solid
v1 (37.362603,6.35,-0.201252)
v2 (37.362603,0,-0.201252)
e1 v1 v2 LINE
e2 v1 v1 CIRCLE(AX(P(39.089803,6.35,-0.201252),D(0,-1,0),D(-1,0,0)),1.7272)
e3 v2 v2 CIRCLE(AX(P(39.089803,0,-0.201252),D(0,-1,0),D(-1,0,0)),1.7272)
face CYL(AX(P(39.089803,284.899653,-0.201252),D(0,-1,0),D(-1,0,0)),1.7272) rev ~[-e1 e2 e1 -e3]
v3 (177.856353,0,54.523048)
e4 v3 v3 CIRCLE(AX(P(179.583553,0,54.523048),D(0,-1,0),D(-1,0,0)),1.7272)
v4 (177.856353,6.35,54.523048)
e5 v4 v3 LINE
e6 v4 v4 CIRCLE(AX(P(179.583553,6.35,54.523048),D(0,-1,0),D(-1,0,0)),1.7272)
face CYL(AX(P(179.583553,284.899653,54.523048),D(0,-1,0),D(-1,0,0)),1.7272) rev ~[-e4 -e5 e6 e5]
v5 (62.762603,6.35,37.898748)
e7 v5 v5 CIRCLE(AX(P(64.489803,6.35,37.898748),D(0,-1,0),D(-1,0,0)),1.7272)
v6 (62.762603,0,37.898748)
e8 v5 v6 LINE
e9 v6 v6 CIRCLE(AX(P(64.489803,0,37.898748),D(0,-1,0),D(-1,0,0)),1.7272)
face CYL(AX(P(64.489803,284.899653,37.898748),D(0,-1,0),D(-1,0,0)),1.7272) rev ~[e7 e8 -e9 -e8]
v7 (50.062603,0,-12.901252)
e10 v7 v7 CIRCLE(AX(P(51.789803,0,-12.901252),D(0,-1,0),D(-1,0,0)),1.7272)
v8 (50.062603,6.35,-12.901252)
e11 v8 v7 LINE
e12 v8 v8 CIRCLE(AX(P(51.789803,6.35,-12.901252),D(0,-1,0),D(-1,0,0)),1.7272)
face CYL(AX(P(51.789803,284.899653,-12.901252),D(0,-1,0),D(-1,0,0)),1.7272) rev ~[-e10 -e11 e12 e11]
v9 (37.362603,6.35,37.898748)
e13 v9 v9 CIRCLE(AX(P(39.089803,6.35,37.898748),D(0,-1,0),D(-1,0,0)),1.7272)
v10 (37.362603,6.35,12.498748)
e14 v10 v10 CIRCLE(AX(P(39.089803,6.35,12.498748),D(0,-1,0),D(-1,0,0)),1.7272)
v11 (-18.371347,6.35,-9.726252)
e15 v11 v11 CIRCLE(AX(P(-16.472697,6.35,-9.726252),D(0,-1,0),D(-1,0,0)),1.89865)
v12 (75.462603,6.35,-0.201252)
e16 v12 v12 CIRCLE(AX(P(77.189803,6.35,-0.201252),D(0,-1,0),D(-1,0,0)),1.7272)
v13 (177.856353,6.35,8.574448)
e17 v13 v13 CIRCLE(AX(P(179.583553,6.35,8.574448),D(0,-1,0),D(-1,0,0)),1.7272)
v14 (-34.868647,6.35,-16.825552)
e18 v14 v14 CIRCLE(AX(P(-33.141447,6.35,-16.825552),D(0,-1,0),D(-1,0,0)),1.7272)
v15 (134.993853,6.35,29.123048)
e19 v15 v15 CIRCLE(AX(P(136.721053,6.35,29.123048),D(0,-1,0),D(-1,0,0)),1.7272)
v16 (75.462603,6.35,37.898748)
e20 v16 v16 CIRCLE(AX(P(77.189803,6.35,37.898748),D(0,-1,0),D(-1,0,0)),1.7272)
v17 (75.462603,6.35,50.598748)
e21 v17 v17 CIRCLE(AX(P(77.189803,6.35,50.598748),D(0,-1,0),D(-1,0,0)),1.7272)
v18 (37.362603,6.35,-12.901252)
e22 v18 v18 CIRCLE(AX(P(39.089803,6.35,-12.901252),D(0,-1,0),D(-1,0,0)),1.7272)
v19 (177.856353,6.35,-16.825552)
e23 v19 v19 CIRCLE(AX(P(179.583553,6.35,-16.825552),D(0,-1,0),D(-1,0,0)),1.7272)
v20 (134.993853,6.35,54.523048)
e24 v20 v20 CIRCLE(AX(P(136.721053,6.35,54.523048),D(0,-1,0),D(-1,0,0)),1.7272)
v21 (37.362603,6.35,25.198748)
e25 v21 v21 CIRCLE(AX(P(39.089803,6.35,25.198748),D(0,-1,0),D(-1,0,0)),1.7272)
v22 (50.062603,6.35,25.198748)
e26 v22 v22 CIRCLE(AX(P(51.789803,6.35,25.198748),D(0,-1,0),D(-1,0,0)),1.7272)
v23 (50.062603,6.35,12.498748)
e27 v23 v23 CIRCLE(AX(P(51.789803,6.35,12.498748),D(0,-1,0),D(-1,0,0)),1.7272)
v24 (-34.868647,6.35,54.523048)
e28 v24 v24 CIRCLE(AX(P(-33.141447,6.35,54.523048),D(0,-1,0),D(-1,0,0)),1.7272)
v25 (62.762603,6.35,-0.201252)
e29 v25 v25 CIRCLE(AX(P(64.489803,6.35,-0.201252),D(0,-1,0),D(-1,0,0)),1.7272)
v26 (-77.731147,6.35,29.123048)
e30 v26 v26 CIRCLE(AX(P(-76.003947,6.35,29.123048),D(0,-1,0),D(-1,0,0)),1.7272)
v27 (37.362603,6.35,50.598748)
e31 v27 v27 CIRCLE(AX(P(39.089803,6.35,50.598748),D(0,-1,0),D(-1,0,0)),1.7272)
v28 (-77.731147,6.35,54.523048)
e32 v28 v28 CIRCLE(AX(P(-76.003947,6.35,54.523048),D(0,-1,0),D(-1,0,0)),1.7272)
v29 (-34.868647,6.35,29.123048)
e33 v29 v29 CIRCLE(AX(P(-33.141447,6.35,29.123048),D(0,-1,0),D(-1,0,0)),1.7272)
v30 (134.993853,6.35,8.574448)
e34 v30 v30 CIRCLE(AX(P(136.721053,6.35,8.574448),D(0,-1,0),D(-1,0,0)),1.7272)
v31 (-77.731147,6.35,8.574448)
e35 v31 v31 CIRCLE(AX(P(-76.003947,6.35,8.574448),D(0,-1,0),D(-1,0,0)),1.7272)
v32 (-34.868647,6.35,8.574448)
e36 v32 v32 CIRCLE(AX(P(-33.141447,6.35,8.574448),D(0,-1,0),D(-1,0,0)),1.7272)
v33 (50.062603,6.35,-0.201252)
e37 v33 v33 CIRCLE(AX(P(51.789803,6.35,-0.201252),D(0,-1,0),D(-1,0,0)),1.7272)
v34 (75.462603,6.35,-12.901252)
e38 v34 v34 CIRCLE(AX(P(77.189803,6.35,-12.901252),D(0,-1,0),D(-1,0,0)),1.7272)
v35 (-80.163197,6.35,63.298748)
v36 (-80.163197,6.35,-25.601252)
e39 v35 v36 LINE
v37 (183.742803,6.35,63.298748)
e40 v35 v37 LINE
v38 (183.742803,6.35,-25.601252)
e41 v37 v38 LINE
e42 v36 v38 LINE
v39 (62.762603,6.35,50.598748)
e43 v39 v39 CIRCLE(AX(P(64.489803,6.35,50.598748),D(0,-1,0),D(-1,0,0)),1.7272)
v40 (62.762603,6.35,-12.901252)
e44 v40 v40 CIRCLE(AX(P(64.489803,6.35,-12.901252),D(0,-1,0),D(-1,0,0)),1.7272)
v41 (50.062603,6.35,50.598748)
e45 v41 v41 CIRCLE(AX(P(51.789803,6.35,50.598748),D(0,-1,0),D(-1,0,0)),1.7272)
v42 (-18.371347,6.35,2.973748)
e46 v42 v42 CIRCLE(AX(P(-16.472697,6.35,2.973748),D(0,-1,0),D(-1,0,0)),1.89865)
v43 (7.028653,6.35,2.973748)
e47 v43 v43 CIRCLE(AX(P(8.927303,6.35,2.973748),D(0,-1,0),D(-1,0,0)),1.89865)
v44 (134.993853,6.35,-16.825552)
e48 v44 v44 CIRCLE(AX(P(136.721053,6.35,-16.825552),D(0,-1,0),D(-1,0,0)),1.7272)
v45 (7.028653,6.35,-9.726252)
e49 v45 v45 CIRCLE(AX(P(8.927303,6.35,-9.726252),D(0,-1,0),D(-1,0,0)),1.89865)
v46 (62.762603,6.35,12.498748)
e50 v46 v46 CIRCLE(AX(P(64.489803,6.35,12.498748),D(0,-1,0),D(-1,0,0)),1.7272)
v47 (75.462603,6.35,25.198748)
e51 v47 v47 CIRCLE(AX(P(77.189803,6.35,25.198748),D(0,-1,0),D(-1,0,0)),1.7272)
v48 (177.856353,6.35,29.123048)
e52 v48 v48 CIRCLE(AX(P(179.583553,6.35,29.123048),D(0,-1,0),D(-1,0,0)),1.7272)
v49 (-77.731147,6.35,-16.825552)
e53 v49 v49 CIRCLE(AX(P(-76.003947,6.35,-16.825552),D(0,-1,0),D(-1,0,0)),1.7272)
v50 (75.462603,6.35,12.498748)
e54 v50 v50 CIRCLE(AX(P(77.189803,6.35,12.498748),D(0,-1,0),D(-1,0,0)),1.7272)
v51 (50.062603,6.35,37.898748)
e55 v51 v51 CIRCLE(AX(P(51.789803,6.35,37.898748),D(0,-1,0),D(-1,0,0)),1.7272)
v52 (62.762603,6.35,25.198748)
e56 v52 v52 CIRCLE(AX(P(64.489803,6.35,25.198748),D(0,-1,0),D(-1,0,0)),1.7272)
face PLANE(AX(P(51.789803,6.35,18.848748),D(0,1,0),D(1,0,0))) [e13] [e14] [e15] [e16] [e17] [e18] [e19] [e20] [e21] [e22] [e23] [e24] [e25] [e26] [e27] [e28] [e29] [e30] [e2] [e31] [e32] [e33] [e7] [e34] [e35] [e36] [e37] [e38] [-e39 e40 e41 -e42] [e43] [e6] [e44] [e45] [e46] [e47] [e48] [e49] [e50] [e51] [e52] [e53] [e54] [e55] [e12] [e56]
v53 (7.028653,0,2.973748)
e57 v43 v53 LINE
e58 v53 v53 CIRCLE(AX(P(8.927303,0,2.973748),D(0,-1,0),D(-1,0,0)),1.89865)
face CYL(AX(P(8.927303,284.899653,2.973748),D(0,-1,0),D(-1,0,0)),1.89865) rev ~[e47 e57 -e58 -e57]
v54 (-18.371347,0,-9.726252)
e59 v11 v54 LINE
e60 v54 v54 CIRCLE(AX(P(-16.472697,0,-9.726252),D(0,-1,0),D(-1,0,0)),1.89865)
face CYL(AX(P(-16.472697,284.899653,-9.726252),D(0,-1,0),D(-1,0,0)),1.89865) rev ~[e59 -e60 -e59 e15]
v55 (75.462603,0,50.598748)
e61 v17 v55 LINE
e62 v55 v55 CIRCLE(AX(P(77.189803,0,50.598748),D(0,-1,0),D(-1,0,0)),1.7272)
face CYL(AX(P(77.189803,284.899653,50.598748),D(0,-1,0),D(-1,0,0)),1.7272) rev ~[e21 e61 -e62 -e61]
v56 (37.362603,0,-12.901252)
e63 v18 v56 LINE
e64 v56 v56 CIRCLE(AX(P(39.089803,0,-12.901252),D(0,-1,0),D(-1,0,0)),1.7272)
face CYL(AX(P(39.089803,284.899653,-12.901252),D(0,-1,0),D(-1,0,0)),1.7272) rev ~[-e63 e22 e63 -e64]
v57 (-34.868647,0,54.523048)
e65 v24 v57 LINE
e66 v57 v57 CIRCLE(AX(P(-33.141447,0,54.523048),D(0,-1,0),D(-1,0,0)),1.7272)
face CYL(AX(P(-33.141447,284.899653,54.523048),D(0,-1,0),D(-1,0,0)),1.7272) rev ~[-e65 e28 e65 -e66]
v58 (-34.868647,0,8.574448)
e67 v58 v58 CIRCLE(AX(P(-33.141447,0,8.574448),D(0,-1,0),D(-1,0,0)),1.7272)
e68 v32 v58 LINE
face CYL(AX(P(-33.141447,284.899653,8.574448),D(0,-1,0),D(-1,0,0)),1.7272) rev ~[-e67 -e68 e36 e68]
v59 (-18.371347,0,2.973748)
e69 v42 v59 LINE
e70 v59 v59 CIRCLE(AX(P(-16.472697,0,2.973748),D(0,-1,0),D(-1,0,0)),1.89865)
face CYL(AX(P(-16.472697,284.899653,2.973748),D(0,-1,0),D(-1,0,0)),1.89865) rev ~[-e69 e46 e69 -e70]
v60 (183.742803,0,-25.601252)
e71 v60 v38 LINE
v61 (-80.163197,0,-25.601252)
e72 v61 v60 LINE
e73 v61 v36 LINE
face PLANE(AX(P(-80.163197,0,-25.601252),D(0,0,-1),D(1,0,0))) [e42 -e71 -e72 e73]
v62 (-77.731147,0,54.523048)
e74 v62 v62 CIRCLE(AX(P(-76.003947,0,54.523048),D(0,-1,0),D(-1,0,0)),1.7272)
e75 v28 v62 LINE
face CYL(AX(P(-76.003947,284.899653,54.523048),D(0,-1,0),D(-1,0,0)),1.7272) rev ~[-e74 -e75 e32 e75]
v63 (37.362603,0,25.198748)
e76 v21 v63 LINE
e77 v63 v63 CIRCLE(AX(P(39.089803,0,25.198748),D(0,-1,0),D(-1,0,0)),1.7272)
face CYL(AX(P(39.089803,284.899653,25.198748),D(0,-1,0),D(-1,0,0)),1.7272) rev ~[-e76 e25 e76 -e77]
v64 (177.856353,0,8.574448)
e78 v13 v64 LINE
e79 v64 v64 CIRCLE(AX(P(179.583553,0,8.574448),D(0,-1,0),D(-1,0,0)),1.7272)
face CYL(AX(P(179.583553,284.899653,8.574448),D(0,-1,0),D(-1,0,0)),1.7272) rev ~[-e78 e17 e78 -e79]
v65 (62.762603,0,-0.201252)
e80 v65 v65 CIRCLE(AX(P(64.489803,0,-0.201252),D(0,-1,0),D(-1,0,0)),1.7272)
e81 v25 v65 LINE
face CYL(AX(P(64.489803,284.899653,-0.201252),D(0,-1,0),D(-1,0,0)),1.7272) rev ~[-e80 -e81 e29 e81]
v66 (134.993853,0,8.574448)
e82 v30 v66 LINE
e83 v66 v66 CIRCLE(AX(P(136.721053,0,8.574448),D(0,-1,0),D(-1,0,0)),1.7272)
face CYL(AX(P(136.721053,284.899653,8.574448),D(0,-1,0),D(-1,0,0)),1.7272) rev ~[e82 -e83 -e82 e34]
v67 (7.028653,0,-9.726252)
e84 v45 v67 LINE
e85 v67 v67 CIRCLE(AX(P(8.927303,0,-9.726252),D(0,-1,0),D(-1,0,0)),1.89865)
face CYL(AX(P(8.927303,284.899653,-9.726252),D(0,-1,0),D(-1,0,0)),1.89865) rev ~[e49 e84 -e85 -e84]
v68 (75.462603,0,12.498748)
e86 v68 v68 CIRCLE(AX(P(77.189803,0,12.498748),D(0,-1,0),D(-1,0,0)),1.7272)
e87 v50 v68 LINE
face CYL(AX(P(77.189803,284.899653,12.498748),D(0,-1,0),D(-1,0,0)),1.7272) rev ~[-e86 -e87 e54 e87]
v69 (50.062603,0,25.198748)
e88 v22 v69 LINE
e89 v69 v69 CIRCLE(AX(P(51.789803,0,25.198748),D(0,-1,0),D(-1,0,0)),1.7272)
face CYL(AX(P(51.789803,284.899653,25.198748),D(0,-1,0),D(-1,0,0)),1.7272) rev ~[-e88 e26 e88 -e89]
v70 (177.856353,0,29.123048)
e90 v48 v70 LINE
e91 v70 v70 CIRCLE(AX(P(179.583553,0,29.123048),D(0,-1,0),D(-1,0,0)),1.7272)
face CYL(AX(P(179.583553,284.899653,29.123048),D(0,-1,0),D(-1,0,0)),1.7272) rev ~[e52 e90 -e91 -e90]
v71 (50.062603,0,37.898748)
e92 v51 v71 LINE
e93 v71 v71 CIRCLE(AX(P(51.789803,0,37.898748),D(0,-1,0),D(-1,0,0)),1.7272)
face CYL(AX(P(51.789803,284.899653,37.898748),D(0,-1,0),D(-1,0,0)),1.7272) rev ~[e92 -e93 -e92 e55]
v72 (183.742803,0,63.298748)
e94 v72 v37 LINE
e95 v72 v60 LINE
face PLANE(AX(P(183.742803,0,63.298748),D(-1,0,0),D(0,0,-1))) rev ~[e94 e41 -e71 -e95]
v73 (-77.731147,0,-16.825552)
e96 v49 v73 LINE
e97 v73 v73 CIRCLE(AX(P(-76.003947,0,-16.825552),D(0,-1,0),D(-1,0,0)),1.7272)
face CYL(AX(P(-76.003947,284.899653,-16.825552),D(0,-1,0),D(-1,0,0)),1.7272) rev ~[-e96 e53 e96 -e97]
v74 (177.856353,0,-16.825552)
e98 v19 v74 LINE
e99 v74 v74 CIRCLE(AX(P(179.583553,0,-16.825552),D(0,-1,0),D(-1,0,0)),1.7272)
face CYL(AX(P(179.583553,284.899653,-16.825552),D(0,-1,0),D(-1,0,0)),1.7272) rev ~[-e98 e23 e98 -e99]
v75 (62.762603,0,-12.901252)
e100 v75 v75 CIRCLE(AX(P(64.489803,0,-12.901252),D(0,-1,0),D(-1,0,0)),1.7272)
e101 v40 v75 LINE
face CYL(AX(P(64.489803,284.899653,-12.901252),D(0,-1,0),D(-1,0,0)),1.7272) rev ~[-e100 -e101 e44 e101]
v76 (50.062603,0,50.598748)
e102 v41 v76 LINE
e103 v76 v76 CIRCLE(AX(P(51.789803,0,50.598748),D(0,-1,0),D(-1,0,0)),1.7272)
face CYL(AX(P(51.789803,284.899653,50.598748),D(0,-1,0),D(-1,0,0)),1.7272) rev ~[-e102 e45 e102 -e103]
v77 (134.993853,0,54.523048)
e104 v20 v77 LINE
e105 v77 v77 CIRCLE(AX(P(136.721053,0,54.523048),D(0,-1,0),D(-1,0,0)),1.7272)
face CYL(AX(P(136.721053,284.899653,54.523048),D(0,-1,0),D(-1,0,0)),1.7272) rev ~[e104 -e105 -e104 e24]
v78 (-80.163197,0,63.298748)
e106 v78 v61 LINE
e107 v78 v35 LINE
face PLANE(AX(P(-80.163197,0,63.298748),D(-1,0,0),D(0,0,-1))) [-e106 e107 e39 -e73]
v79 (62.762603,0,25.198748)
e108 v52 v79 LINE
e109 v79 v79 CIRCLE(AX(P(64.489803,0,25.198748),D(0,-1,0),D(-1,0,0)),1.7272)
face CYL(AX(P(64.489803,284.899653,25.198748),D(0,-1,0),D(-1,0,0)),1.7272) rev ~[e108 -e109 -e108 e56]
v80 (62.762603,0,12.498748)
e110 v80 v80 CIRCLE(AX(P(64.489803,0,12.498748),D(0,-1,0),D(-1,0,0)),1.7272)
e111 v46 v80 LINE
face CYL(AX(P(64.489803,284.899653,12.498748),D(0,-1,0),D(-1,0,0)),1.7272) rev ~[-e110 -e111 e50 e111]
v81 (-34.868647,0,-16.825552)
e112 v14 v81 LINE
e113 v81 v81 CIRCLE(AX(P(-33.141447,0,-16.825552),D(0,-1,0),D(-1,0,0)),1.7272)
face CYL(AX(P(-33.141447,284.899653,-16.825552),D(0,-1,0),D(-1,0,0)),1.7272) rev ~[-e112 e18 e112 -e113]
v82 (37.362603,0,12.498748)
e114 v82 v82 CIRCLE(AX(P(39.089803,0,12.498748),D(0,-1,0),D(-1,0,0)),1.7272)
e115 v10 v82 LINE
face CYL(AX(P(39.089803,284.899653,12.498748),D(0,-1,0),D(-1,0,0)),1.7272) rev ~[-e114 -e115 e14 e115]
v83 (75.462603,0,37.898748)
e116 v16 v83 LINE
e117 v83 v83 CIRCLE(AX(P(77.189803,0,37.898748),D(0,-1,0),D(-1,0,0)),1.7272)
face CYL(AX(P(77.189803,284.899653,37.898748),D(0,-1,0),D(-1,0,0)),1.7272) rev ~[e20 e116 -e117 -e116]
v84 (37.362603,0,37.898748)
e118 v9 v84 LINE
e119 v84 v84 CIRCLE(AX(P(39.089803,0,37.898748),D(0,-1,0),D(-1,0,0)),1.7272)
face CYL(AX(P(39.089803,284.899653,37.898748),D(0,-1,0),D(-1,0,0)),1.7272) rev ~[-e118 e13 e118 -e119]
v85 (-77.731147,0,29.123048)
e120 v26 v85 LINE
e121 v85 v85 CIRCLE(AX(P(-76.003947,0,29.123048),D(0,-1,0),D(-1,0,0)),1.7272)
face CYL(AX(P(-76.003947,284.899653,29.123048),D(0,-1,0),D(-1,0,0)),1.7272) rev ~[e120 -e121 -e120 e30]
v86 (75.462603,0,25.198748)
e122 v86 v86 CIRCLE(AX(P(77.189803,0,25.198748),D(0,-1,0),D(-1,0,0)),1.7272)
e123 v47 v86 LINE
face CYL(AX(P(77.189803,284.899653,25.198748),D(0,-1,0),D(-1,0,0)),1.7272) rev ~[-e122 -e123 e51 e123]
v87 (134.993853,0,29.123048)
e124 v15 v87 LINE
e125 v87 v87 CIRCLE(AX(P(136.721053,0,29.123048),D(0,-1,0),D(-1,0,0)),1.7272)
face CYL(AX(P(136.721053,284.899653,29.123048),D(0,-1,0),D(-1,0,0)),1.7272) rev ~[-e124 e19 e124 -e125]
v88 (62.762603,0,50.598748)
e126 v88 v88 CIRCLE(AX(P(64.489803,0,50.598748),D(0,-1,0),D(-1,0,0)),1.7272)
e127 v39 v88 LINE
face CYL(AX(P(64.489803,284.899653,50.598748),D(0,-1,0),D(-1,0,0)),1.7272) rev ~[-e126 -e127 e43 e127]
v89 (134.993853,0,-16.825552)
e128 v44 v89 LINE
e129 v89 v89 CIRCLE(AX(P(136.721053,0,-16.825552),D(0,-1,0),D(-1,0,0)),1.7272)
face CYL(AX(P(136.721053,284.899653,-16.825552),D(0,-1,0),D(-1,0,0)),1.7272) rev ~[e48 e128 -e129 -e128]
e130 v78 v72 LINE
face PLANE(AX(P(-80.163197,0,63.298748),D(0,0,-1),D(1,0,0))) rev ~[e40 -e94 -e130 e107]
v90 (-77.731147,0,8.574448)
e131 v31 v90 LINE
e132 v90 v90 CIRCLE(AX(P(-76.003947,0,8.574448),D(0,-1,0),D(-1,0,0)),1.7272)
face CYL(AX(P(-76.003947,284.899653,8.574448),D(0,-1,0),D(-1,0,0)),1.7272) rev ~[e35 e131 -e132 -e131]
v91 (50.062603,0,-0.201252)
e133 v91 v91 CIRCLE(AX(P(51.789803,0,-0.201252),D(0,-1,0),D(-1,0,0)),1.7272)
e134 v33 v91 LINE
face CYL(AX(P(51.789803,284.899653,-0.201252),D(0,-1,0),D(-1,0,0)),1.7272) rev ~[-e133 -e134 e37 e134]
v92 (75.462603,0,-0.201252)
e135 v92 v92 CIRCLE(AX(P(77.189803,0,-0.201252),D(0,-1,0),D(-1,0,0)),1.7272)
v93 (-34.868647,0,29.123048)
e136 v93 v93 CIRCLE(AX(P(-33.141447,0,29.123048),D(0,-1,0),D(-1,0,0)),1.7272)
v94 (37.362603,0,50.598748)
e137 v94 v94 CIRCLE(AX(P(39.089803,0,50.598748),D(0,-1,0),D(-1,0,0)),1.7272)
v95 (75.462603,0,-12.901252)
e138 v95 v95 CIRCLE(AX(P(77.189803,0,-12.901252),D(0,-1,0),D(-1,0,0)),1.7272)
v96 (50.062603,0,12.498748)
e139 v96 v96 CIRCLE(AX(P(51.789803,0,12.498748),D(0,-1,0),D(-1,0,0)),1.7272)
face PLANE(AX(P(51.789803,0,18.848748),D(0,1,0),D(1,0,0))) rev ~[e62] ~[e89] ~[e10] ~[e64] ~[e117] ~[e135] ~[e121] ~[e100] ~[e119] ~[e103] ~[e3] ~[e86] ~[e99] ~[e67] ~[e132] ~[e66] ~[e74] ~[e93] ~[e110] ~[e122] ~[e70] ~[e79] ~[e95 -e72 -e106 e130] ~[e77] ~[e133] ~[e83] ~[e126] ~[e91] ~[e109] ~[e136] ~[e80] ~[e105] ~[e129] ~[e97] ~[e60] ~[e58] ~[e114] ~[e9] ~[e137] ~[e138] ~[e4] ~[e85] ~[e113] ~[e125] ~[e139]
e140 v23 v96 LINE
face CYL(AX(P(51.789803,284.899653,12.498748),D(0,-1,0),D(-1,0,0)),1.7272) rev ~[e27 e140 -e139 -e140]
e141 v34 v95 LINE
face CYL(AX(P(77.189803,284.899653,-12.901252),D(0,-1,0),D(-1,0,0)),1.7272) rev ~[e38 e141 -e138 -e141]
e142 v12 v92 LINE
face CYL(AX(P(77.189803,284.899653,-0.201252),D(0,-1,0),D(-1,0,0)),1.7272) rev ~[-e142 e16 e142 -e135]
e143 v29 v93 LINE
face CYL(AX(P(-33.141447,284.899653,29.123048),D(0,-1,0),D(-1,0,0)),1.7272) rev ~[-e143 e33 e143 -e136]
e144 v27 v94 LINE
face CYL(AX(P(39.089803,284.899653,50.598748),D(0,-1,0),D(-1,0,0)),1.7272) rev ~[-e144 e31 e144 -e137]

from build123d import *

# Parameters (mm, degrees)
SKETCH1_W              = 263.906
SKETCH1_H              = 88.9
BOSS_EXTRUDE1_DEPTH    = 6.35
F_8_32_TAPPED_HOLE2_D  = 3.4544
F_10_24_TAPPED_HOLE1_D = 3.7973
F_8_32_TAPPED_HOLE3_D  = 3.4544


with BuildPart() as part:
    # Sketch1 → Boss-Extrude1 (new body)
    with BuildSketch(Plane(origin=(0, 0, 0), x_dir=(1, 0, 0), z_dir=(0, 1, 0))):
        with Locations((51.789802803, -18.848747716)):
            Rectangle(SKETCH1_W, SKETCH1_H)
    extrude(amount=BOSS_EXTRUDE1_DEPTH)

    # #8-32 Tapped Hole2 (through all)
    with Locations(Plane(origin=(0, 6.35, 0), x_dir=(1, 0, 0), z_dir=(0, 1, 0))):
        with Locations((-76.003947197, 16.825552284), (-33.141447197, 16.825552284), (-33.141447197, -8.574447716), (-76.003947197, -8.574447716), (-76.003947197, -29.123047716), (-33.141447197, -29.123047716), (-33.141447197, -54.523047716), (-76.003947197, -54.523047716), (179.583552803, 16.825552284), (179.583552803, -8.574447716), (179.583552803, -29.123047716), (179.583552803, -54.523047716), (136.721052803, -54.523047716), (136.721052803, -29.123047716), (136.721052803, -8.574447716), (136.721052803, 16.825552284)):
            Hole(F_8_32_TAPPED_HOLE2_D / 2)

    # #10-24 Tapped Hole1 (through all)
    with Locations(Plane(origin=(0, 6.35, 0), x_dir=(1, 0, 0), z_dir=(0, 1, 0))):
        with Locations((-16.472697197, 9.726252284), (-16.472697197, -2.973747716), (8.927302803, -2.973747716), (8.927302803, 9.726252284)):
            Hole(F_10_24_TAPPED_HOLE1_D / 2)

    # #8-32 Tapped Hole3 (through all)
    with Locations(Plane(origin=(0, 6.35, 0), x_dir=(1, 0, 0), z_dir=(0, 1, 0))):
        with Locations((39.089802803, -50.598747716), (64.489802803, -50.598747716), (51.789802803, -50.598747716), (77.189802803, -50.598747716), (51.789802803, -37.898747716), (77.189802803, -37.898747716), (51.789802803, -25.198747716), (77.189802803, -25.198747716), (51.789802803, -12.498747716), (77.189802803, -12.498747716), (51.789802803, 0.201252284), (77.189802803, 0.201252284), (51.789802803, 12.901252284), (77.189802803, 12.901252284), (39.089802803, -37.898747716), (64.489802803, -37.898747716), (39.089802803, -25.198747716), (64.489802803, -25.198747716), (39.089802803, -12.498747716), (64.489802803, -12.498747716), (39.089802803, 0.201252284), (64.489802803, 0.201252284), (39.089802803, 12.901252284), (64.489802803, 12.901252284)):
            Hole(F_8_32_TAPPED_HOLE3_D / 2)


solid = part.part
